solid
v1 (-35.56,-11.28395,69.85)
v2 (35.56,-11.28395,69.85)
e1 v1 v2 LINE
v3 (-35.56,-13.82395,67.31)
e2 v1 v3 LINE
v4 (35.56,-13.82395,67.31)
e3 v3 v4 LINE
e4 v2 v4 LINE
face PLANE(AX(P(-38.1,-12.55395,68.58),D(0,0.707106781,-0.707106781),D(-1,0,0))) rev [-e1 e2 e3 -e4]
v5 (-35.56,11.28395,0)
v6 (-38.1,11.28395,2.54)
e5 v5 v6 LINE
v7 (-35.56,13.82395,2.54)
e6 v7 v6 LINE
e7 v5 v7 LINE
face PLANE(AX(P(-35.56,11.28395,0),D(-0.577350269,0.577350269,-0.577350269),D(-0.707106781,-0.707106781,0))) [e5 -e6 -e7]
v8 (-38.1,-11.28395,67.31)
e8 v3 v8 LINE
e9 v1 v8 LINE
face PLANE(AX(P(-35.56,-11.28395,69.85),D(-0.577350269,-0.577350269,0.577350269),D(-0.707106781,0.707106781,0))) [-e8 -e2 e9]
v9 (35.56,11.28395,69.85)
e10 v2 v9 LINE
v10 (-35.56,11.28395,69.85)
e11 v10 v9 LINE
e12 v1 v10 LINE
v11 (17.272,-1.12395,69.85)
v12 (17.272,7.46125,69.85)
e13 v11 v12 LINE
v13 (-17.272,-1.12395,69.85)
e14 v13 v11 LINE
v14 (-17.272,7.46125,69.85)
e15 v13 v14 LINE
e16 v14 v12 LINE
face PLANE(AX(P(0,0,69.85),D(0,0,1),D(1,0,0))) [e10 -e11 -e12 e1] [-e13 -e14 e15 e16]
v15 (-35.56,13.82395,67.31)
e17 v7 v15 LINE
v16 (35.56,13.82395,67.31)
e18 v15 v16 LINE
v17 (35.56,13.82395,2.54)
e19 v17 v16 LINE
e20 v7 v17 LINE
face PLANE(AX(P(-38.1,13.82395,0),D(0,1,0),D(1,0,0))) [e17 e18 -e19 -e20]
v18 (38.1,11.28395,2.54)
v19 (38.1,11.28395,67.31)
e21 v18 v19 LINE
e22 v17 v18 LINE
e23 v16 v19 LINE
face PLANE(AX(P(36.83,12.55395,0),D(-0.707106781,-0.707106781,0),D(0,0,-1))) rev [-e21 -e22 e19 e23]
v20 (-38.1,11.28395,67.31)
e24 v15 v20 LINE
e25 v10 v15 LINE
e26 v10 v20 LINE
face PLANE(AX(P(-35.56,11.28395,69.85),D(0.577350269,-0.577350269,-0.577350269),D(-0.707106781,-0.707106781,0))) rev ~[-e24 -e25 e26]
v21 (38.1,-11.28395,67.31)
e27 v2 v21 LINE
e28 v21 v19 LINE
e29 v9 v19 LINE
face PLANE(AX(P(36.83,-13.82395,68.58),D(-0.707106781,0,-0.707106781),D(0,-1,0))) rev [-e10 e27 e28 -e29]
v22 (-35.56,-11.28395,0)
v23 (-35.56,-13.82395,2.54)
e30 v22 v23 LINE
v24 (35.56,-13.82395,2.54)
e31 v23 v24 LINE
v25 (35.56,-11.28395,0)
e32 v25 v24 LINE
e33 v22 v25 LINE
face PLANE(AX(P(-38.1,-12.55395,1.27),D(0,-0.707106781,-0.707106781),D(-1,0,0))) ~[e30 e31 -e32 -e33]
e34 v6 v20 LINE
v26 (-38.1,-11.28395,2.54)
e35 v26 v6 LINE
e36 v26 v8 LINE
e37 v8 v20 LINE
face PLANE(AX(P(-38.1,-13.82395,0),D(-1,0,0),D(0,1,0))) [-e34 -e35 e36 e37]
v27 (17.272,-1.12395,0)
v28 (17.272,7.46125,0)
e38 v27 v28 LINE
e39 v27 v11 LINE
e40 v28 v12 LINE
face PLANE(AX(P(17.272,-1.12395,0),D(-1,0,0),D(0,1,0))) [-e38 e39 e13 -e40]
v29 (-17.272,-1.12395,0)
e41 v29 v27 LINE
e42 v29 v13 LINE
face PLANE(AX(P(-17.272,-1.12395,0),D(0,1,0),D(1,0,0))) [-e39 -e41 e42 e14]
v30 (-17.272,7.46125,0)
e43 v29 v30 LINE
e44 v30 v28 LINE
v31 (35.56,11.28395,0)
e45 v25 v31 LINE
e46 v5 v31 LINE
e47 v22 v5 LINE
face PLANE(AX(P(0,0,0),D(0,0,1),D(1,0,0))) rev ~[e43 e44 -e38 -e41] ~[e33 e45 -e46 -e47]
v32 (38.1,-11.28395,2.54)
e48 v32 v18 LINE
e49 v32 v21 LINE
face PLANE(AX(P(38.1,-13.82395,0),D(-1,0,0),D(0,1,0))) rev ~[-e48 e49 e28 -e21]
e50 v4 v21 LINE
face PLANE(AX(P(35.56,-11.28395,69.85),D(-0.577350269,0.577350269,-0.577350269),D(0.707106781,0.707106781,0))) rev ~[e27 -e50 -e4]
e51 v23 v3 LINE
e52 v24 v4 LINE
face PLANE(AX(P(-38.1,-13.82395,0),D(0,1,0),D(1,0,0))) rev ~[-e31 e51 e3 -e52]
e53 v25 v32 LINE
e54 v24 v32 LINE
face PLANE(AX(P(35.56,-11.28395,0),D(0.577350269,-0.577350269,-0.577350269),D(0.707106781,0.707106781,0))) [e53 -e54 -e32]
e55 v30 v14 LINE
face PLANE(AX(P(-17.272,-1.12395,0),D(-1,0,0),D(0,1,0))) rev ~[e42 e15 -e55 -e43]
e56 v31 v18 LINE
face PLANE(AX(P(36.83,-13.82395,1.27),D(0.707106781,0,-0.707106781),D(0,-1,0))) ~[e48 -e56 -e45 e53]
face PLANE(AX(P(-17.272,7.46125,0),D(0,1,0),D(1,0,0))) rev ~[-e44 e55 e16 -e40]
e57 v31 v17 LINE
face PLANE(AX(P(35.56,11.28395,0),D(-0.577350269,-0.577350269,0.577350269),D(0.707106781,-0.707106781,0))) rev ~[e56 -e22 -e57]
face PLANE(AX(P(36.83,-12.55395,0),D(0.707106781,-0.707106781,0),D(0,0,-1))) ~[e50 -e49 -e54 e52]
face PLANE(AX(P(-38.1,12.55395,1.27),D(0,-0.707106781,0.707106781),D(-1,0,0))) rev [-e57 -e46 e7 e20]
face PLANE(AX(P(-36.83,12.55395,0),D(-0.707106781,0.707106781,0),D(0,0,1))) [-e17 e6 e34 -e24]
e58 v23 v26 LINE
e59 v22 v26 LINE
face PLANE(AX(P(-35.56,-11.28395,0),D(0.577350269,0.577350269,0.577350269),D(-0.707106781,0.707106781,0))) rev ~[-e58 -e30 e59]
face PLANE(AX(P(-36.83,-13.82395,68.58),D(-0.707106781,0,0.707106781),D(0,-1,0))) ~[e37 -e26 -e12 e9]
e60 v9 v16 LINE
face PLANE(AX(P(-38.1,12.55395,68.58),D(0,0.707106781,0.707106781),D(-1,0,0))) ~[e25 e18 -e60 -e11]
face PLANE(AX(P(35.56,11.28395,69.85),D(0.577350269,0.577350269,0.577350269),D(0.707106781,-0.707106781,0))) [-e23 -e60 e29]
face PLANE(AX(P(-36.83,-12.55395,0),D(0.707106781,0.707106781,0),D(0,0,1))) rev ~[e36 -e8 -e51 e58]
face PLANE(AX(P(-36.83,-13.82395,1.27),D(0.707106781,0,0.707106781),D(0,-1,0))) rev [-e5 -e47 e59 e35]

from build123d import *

# Parameters (mm, degrees)
F0_W     = 76.2
F0_H     = 27.6479
F0_W_2   = 34.544
F0_H_2   = 8.5852
F1_DEPTH = 69.85
F2_SIZE  = 2.54


with BuildPart() as f1:
    # F0 (on Top) → F1 (new body)
    with BuildSketch(Plane.XY):
        Rectangle(F0_W, F0_H)
        with Locations((0, 3.16865)):
            Rectangle(F0_W_2, F0_H_2, mode=Mode.SUBTRACT)
    extrude(amount=F1_DEPTH)

    # F2
    f2_edges = [f1.edges().sort_by_distance(p)[0] for p in [
        (38.1, -13.82395, 34.925),
        (-38.1, -13.82395, 34.925),
        (38.1, 13.82395, 34.925),
        (-38.1, 13.82395, 34.925),
        (0, 13.82395, 69.85),
        (0, -13.82395, 69.85),
        (0, -13.82395, 0),
        (0, 13.82395, 0),
        (-38.1, 0, 0),
        (38.1, 0, 0),
        (38.1, 0, 69.85),
        (-38.1, 0, 69.85),
    ]]
    chamfer(f2_edges, length=F2_SIZE)


solid = f1.part
